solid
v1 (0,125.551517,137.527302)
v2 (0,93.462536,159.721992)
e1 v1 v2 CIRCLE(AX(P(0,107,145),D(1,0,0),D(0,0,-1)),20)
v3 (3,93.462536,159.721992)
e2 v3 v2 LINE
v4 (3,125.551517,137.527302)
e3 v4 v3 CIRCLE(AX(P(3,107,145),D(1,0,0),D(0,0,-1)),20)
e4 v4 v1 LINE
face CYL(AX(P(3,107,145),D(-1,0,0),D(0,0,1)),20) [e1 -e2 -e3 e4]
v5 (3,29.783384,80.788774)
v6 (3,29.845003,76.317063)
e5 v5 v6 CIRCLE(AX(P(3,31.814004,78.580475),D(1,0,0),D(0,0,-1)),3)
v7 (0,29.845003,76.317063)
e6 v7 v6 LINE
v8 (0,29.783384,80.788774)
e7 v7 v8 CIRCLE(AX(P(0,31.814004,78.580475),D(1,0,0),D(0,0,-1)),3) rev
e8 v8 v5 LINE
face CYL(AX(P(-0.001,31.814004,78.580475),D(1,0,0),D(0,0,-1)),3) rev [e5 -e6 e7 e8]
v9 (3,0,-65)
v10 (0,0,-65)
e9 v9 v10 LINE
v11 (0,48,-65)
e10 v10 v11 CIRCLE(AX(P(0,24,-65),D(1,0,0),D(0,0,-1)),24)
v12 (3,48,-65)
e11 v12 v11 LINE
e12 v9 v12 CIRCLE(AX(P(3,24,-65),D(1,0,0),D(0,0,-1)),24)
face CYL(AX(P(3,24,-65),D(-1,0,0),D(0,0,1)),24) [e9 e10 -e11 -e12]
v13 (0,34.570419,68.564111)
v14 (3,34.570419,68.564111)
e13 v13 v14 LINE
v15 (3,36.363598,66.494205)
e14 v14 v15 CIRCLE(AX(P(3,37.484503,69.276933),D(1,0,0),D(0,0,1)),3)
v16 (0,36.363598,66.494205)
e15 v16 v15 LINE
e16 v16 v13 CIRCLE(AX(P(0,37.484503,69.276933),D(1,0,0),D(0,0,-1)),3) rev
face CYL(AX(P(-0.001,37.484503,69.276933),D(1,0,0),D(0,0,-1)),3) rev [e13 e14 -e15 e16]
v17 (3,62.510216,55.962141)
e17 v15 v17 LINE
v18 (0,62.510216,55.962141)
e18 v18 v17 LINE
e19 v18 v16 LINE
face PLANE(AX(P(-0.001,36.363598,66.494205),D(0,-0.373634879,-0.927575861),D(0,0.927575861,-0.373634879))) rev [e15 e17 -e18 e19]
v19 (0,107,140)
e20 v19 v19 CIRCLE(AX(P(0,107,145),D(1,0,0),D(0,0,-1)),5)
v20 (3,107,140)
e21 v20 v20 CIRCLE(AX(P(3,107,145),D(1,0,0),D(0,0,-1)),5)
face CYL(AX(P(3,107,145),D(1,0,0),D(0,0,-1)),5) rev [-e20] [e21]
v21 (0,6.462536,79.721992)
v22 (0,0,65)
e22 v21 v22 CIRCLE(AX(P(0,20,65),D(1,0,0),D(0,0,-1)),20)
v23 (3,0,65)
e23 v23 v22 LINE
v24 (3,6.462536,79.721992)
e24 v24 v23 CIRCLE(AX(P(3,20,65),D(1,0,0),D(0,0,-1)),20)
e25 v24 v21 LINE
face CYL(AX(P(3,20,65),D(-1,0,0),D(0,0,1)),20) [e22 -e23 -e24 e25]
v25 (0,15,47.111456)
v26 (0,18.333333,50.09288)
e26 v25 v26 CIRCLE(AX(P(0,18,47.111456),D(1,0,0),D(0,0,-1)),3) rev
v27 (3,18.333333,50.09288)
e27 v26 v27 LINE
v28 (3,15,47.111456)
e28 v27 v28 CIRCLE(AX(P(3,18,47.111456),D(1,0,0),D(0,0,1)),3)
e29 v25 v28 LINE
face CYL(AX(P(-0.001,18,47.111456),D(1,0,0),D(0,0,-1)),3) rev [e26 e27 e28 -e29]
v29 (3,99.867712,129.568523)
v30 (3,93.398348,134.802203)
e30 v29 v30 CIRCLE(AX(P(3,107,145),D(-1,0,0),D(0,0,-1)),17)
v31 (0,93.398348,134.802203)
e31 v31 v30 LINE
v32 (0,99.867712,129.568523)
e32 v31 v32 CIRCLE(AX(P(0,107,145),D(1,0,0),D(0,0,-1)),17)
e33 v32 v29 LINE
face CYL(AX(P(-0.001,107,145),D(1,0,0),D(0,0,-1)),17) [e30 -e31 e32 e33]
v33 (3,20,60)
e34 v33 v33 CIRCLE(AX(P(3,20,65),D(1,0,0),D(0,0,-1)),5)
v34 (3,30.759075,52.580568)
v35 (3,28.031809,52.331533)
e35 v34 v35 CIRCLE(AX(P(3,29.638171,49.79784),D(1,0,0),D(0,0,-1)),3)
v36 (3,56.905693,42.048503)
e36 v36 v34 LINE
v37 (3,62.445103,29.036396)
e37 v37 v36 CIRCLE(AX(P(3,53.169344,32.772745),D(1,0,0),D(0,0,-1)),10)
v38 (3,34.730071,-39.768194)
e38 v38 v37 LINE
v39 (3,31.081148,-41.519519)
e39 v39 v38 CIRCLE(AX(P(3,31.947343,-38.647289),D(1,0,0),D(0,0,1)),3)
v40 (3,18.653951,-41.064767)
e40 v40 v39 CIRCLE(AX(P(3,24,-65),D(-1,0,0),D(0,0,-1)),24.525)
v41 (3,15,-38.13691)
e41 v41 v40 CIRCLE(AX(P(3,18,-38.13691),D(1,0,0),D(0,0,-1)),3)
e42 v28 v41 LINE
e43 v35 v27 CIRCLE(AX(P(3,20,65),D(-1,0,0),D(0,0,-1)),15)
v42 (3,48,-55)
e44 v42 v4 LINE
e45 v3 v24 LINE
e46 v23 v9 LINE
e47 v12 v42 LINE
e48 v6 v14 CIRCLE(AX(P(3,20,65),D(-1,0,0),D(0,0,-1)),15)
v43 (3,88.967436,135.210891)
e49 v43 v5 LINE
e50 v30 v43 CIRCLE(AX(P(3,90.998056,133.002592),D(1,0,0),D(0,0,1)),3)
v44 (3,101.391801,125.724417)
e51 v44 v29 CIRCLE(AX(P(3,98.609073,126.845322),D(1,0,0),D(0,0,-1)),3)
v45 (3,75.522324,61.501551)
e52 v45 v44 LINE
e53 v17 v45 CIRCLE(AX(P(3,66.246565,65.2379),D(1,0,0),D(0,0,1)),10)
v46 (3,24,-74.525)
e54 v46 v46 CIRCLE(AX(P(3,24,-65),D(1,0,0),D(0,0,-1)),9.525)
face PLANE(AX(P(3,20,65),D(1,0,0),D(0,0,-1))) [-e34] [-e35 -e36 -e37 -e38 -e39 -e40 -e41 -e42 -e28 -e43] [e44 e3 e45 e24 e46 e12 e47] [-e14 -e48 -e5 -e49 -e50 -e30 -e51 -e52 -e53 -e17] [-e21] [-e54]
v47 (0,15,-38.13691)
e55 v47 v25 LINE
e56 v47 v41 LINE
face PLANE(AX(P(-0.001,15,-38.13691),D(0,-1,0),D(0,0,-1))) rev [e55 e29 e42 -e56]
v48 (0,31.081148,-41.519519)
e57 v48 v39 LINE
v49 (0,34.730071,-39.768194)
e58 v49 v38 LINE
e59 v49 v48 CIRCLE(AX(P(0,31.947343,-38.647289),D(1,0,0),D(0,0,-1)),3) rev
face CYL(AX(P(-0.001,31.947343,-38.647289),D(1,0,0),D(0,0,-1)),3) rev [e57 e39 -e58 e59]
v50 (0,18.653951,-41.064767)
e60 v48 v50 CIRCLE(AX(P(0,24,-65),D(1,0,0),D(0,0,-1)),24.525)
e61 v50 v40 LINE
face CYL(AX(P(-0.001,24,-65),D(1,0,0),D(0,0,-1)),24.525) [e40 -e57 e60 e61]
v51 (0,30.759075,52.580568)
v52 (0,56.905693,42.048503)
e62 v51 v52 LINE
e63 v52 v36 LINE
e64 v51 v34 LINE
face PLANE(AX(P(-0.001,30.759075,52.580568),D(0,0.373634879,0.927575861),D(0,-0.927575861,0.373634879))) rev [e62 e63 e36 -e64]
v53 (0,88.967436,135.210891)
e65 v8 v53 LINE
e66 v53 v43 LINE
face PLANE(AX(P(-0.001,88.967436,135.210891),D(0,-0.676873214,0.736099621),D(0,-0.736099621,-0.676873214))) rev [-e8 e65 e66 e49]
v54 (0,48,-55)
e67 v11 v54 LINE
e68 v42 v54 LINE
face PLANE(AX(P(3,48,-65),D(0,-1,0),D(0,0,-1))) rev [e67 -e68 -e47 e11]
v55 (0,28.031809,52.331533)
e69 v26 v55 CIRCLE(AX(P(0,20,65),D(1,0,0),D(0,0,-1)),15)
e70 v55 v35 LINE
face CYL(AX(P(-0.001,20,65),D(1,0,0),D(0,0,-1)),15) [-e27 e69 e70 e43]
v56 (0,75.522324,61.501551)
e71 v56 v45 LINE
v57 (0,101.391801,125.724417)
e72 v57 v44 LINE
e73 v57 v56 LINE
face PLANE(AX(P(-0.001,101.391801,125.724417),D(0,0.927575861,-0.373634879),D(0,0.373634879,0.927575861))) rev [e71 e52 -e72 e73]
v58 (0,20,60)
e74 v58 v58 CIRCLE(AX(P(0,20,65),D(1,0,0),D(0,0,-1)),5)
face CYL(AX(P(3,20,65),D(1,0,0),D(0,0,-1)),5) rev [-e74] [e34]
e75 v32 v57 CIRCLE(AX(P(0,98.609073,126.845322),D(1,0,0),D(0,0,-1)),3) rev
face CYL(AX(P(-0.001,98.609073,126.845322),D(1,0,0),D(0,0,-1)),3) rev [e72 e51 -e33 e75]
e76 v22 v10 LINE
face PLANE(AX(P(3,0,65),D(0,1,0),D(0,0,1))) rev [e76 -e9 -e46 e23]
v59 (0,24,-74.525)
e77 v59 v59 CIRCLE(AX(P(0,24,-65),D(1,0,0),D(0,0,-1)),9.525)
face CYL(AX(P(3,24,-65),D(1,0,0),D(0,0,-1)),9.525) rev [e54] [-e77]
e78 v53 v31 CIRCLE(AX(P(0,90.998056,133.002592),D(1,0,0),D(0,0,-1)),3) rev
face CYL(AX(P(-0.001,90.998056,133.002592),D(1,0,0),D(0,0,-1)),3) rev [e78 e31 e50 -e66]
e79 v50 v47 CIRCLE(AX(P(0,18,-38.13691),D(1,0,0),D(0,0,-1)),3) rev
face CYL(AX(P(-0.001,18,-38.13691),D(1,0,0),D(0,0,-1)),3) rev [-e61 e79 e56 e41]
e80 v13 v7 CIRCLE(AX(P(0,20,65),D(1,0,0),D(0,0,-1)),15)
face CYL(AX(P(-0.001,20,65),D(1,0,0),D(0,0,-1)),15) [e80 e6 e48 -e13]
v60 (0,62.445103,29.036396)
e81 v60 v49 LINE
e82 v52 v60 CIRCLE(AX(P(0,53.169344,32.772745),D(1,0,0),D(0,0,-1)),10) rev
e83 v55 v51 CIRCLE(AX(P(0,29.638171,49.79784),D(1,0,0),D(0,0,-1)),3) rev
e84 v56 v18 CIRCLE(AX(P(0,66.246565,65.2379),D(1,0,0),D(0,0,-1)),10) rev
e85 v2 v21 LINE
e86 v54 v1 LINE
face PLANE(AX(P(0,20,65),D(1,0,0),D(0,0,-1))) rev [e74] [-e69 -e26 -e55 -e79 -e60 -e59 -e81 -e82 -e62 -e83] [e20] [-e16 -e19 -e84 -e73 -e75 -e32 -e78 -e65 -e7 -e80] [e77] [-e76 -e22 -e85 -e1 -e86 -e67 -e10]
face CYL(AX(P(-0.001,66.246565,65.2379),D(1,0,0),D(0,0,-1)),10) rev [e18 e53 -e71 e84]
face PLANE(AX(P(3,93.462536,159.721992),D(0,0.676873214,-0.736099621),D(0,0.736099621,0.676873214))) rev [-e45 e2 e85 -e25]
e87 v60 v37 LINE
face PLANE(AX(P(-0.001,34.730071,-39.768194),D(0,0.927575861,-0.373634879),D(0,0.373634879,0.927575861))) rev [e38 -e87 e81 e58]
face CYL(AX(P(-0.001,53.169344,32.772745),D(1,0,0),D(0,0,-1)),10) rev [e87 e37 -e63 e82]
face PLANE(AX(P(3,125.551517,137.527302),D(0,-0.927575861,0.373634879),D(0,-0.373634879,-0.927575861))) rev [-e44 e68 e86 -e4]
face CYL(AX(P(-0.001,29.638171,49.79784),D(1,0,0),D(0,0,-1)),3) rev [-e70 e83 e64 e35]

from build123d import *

# Parameters (mm, degrees)
BOSS_EXTRUDE1_DEPTH         = 3
F_3_4_0_75_DIAMETER_HOLE1_D = 19.05
F_10_0_10_DIAMETER_HOLE1_D  = 10
F_10_0_10_DIAMETER_HOLE2_D  = 10
CUT_EXTRUDE1_REACH          = 210.238


with BuildPart() as part:
    # Sketch1 → Boss-Extrude1 (new body)
    with BuildSketch(Plane(origin=(0, 0, 0), x_dir=(0, 0, -1), z_dir=(1, 0, 0))):
        with BuildLine():
            Line((-65, 0), (65, 0))
            ThreePointArc((65, 0), (89, 24), (65, 48))
            Line((65, 48), (55, 48))
            Line((55, 48), (-137.527302422, 125.551517213))
            ThreePointArc((-137.527302422, 125.551517213), (-161.448822218, 118.377005214), (-159.721992414, 93.462535711))
            Line((-159.721992414, 93.462535711), (-79.721992414, 6.462535711))
            ThreePointArc((-79.721992414, 6.462535711), (-73.038989807, 1.686763178), (-65, 0))
        make_face()
    extrude(amount=BOSS_EXTRUDE1_DEPTH)

    # 3/4 (0.75) Diameter Hole1 (through all)
    with Locations(Plane(origin=(3, 0, 0), x_dir=(0, 0, -1), z_dir=(1, 0, 0))):
        with Locations((65, 24)):
            Hole(F_3_4_0_75_DIAMETER_HOLE1_D / 2)

    # Ø10.0 (10) Diameter Hole1 (through all)
    with Locations(Plane(origin=(3, 0, 0), x_dir=(0, 0, -1), z_dir=(1, 0, 0))):
        with Locations((-145, 107)):
            Hole(F_10_0_10_DIAMETER_HOLE1_D / 2)

    # Ø10.0 (10) Diameter Hole2 (through all)
    with Locations(Plane(origin=(3, 0, 0), x_dir=(0, 0, -1), z_dir=(1, 0, 0))):
        with Locations((-65, 20)):
            Hole(F_10_0_10_DIAMETER_HOLE2_D / 2)

    # Sketch8 → Cut-Extrude1 (cut, up to next)
    with BuildSketch(Plane(origin=(3, 0, 0), x_dir=(0, 0, -1), z_dir=(1, 0, 0)), mode=Mode.PRIVATE) as cut_extrude1_sk1:
        with BuildLine():
            Line((38.136909616, 15), (-47.11145618, 15))
            ThreePointArc((-47.11145618, 15), (-49.347524158, 16), (-50.09288015, 18.333333333))
            ThreePointArc((-50.09288015, 18.333333333), (-50.384311526, 23.373670173), (-52.331533313, 28.031808751))
            ThreePointArc((-52.331533313, 28.031808751), (-52.785410617, 29.365367154), (-52.580567558, 30.759075138))
            Line((-52.580567558, 30.759075138), (-42.048503485, 56.905692997))
            ThreePointArc((-42.048503485, 56.905692997), (-36.689699124, 62.370293585), (-29.036396089, 62.445102815))
            Line((-29.036396089, 62.445102815), (39.768193948, 34.730070809))
            ThreePointArc((39.768193948, 34.730070809), (41.351904066, 33.245441463), (41.519519359, 31.08114778))
            ThreePointArc((41.519519359, 31.08114778), (40.491403893, 24.896851079), (41.064766878, 18.653950954))
            ThreePointArc((41.064766878, 18.653950954), (40.478047465, 16.124080607), (38.136909616, 15))
        make_face()
    cut_extrude1_tool1 = extrude(cut_extrude1_sk1.sketch, amount=-CUT_EXTRUDE1_REACH, mode=Mode.PRIVATE) & part.part
    # Sketch8 → Cut-Extrude1 (cut, up to next)
    with BuildSketch(Plane(origin=(3, 0, 0), x_dir=(0, 0, -1), z_dir=(1, 0, 0)), mode=Mode.PRIVATE) as cut_extrude1_sk2:
        with BuildLine():
            Line((-135.210891206, 88.967436427), (-80.78877426, 29.783384249))
            ThreePointArc((-80.78877426, 29.783384249), (-78.53914012, 28.814288673), (-76.317062832, 29.845003243))
            ThreePointArc((-76.317062832, 29.845003243), (-72.806710034, 32.808406554), (-68.564110875, 34.570419132))
            ThreePointArc((-68.564110875, 34.570419132), (-67.312603666, 35.217035191), (-66.494205468, 36.363598321))
            Line((-66.494205468, 36.363598321), (-55.962141395, 62.51021618))
            ThreePointArc((-55.962141395, 62.51021618), (-56.036950624, 70.163519215), (-61.501551212, 75.522323576))
            Line((-61.501551212, 75.522323576), (-125.724416937, 101.391800861))
            ThreePointArc((-125.724416937, 101.391800861), (-127.951011637, 101.397881175), (-129.568523338, 99.867712287))
            ThreePointArc((-129.568523338, 99.867712287), (-131.78341646, 96.307857113), (-134.802203492, 93.39834766))
            ThreePointArc((-134.802203492, 93.39834766), (-135.989912088, 91.27359327), (-135.210891206, 88.967436427))
        make_face()
    cut_extrude1_tool2 = extrude(cut_extrude1_sk2.sketch, amount=-CUT_EXTRUDE1_REACH, mode=Mode.PRIVATE) & part.part
    add(cut_extrude1_tool1.solids().sort_by_distance((3, 33.678975, 9.935065))[0], mode=Mode.SUBTRACT)
    add(cut_extrude1_tool2.solids().sort_by_distance((3, 67.393587, 91.526905))[0], mode=Mode.SUBTRACT)


solid = part.part
